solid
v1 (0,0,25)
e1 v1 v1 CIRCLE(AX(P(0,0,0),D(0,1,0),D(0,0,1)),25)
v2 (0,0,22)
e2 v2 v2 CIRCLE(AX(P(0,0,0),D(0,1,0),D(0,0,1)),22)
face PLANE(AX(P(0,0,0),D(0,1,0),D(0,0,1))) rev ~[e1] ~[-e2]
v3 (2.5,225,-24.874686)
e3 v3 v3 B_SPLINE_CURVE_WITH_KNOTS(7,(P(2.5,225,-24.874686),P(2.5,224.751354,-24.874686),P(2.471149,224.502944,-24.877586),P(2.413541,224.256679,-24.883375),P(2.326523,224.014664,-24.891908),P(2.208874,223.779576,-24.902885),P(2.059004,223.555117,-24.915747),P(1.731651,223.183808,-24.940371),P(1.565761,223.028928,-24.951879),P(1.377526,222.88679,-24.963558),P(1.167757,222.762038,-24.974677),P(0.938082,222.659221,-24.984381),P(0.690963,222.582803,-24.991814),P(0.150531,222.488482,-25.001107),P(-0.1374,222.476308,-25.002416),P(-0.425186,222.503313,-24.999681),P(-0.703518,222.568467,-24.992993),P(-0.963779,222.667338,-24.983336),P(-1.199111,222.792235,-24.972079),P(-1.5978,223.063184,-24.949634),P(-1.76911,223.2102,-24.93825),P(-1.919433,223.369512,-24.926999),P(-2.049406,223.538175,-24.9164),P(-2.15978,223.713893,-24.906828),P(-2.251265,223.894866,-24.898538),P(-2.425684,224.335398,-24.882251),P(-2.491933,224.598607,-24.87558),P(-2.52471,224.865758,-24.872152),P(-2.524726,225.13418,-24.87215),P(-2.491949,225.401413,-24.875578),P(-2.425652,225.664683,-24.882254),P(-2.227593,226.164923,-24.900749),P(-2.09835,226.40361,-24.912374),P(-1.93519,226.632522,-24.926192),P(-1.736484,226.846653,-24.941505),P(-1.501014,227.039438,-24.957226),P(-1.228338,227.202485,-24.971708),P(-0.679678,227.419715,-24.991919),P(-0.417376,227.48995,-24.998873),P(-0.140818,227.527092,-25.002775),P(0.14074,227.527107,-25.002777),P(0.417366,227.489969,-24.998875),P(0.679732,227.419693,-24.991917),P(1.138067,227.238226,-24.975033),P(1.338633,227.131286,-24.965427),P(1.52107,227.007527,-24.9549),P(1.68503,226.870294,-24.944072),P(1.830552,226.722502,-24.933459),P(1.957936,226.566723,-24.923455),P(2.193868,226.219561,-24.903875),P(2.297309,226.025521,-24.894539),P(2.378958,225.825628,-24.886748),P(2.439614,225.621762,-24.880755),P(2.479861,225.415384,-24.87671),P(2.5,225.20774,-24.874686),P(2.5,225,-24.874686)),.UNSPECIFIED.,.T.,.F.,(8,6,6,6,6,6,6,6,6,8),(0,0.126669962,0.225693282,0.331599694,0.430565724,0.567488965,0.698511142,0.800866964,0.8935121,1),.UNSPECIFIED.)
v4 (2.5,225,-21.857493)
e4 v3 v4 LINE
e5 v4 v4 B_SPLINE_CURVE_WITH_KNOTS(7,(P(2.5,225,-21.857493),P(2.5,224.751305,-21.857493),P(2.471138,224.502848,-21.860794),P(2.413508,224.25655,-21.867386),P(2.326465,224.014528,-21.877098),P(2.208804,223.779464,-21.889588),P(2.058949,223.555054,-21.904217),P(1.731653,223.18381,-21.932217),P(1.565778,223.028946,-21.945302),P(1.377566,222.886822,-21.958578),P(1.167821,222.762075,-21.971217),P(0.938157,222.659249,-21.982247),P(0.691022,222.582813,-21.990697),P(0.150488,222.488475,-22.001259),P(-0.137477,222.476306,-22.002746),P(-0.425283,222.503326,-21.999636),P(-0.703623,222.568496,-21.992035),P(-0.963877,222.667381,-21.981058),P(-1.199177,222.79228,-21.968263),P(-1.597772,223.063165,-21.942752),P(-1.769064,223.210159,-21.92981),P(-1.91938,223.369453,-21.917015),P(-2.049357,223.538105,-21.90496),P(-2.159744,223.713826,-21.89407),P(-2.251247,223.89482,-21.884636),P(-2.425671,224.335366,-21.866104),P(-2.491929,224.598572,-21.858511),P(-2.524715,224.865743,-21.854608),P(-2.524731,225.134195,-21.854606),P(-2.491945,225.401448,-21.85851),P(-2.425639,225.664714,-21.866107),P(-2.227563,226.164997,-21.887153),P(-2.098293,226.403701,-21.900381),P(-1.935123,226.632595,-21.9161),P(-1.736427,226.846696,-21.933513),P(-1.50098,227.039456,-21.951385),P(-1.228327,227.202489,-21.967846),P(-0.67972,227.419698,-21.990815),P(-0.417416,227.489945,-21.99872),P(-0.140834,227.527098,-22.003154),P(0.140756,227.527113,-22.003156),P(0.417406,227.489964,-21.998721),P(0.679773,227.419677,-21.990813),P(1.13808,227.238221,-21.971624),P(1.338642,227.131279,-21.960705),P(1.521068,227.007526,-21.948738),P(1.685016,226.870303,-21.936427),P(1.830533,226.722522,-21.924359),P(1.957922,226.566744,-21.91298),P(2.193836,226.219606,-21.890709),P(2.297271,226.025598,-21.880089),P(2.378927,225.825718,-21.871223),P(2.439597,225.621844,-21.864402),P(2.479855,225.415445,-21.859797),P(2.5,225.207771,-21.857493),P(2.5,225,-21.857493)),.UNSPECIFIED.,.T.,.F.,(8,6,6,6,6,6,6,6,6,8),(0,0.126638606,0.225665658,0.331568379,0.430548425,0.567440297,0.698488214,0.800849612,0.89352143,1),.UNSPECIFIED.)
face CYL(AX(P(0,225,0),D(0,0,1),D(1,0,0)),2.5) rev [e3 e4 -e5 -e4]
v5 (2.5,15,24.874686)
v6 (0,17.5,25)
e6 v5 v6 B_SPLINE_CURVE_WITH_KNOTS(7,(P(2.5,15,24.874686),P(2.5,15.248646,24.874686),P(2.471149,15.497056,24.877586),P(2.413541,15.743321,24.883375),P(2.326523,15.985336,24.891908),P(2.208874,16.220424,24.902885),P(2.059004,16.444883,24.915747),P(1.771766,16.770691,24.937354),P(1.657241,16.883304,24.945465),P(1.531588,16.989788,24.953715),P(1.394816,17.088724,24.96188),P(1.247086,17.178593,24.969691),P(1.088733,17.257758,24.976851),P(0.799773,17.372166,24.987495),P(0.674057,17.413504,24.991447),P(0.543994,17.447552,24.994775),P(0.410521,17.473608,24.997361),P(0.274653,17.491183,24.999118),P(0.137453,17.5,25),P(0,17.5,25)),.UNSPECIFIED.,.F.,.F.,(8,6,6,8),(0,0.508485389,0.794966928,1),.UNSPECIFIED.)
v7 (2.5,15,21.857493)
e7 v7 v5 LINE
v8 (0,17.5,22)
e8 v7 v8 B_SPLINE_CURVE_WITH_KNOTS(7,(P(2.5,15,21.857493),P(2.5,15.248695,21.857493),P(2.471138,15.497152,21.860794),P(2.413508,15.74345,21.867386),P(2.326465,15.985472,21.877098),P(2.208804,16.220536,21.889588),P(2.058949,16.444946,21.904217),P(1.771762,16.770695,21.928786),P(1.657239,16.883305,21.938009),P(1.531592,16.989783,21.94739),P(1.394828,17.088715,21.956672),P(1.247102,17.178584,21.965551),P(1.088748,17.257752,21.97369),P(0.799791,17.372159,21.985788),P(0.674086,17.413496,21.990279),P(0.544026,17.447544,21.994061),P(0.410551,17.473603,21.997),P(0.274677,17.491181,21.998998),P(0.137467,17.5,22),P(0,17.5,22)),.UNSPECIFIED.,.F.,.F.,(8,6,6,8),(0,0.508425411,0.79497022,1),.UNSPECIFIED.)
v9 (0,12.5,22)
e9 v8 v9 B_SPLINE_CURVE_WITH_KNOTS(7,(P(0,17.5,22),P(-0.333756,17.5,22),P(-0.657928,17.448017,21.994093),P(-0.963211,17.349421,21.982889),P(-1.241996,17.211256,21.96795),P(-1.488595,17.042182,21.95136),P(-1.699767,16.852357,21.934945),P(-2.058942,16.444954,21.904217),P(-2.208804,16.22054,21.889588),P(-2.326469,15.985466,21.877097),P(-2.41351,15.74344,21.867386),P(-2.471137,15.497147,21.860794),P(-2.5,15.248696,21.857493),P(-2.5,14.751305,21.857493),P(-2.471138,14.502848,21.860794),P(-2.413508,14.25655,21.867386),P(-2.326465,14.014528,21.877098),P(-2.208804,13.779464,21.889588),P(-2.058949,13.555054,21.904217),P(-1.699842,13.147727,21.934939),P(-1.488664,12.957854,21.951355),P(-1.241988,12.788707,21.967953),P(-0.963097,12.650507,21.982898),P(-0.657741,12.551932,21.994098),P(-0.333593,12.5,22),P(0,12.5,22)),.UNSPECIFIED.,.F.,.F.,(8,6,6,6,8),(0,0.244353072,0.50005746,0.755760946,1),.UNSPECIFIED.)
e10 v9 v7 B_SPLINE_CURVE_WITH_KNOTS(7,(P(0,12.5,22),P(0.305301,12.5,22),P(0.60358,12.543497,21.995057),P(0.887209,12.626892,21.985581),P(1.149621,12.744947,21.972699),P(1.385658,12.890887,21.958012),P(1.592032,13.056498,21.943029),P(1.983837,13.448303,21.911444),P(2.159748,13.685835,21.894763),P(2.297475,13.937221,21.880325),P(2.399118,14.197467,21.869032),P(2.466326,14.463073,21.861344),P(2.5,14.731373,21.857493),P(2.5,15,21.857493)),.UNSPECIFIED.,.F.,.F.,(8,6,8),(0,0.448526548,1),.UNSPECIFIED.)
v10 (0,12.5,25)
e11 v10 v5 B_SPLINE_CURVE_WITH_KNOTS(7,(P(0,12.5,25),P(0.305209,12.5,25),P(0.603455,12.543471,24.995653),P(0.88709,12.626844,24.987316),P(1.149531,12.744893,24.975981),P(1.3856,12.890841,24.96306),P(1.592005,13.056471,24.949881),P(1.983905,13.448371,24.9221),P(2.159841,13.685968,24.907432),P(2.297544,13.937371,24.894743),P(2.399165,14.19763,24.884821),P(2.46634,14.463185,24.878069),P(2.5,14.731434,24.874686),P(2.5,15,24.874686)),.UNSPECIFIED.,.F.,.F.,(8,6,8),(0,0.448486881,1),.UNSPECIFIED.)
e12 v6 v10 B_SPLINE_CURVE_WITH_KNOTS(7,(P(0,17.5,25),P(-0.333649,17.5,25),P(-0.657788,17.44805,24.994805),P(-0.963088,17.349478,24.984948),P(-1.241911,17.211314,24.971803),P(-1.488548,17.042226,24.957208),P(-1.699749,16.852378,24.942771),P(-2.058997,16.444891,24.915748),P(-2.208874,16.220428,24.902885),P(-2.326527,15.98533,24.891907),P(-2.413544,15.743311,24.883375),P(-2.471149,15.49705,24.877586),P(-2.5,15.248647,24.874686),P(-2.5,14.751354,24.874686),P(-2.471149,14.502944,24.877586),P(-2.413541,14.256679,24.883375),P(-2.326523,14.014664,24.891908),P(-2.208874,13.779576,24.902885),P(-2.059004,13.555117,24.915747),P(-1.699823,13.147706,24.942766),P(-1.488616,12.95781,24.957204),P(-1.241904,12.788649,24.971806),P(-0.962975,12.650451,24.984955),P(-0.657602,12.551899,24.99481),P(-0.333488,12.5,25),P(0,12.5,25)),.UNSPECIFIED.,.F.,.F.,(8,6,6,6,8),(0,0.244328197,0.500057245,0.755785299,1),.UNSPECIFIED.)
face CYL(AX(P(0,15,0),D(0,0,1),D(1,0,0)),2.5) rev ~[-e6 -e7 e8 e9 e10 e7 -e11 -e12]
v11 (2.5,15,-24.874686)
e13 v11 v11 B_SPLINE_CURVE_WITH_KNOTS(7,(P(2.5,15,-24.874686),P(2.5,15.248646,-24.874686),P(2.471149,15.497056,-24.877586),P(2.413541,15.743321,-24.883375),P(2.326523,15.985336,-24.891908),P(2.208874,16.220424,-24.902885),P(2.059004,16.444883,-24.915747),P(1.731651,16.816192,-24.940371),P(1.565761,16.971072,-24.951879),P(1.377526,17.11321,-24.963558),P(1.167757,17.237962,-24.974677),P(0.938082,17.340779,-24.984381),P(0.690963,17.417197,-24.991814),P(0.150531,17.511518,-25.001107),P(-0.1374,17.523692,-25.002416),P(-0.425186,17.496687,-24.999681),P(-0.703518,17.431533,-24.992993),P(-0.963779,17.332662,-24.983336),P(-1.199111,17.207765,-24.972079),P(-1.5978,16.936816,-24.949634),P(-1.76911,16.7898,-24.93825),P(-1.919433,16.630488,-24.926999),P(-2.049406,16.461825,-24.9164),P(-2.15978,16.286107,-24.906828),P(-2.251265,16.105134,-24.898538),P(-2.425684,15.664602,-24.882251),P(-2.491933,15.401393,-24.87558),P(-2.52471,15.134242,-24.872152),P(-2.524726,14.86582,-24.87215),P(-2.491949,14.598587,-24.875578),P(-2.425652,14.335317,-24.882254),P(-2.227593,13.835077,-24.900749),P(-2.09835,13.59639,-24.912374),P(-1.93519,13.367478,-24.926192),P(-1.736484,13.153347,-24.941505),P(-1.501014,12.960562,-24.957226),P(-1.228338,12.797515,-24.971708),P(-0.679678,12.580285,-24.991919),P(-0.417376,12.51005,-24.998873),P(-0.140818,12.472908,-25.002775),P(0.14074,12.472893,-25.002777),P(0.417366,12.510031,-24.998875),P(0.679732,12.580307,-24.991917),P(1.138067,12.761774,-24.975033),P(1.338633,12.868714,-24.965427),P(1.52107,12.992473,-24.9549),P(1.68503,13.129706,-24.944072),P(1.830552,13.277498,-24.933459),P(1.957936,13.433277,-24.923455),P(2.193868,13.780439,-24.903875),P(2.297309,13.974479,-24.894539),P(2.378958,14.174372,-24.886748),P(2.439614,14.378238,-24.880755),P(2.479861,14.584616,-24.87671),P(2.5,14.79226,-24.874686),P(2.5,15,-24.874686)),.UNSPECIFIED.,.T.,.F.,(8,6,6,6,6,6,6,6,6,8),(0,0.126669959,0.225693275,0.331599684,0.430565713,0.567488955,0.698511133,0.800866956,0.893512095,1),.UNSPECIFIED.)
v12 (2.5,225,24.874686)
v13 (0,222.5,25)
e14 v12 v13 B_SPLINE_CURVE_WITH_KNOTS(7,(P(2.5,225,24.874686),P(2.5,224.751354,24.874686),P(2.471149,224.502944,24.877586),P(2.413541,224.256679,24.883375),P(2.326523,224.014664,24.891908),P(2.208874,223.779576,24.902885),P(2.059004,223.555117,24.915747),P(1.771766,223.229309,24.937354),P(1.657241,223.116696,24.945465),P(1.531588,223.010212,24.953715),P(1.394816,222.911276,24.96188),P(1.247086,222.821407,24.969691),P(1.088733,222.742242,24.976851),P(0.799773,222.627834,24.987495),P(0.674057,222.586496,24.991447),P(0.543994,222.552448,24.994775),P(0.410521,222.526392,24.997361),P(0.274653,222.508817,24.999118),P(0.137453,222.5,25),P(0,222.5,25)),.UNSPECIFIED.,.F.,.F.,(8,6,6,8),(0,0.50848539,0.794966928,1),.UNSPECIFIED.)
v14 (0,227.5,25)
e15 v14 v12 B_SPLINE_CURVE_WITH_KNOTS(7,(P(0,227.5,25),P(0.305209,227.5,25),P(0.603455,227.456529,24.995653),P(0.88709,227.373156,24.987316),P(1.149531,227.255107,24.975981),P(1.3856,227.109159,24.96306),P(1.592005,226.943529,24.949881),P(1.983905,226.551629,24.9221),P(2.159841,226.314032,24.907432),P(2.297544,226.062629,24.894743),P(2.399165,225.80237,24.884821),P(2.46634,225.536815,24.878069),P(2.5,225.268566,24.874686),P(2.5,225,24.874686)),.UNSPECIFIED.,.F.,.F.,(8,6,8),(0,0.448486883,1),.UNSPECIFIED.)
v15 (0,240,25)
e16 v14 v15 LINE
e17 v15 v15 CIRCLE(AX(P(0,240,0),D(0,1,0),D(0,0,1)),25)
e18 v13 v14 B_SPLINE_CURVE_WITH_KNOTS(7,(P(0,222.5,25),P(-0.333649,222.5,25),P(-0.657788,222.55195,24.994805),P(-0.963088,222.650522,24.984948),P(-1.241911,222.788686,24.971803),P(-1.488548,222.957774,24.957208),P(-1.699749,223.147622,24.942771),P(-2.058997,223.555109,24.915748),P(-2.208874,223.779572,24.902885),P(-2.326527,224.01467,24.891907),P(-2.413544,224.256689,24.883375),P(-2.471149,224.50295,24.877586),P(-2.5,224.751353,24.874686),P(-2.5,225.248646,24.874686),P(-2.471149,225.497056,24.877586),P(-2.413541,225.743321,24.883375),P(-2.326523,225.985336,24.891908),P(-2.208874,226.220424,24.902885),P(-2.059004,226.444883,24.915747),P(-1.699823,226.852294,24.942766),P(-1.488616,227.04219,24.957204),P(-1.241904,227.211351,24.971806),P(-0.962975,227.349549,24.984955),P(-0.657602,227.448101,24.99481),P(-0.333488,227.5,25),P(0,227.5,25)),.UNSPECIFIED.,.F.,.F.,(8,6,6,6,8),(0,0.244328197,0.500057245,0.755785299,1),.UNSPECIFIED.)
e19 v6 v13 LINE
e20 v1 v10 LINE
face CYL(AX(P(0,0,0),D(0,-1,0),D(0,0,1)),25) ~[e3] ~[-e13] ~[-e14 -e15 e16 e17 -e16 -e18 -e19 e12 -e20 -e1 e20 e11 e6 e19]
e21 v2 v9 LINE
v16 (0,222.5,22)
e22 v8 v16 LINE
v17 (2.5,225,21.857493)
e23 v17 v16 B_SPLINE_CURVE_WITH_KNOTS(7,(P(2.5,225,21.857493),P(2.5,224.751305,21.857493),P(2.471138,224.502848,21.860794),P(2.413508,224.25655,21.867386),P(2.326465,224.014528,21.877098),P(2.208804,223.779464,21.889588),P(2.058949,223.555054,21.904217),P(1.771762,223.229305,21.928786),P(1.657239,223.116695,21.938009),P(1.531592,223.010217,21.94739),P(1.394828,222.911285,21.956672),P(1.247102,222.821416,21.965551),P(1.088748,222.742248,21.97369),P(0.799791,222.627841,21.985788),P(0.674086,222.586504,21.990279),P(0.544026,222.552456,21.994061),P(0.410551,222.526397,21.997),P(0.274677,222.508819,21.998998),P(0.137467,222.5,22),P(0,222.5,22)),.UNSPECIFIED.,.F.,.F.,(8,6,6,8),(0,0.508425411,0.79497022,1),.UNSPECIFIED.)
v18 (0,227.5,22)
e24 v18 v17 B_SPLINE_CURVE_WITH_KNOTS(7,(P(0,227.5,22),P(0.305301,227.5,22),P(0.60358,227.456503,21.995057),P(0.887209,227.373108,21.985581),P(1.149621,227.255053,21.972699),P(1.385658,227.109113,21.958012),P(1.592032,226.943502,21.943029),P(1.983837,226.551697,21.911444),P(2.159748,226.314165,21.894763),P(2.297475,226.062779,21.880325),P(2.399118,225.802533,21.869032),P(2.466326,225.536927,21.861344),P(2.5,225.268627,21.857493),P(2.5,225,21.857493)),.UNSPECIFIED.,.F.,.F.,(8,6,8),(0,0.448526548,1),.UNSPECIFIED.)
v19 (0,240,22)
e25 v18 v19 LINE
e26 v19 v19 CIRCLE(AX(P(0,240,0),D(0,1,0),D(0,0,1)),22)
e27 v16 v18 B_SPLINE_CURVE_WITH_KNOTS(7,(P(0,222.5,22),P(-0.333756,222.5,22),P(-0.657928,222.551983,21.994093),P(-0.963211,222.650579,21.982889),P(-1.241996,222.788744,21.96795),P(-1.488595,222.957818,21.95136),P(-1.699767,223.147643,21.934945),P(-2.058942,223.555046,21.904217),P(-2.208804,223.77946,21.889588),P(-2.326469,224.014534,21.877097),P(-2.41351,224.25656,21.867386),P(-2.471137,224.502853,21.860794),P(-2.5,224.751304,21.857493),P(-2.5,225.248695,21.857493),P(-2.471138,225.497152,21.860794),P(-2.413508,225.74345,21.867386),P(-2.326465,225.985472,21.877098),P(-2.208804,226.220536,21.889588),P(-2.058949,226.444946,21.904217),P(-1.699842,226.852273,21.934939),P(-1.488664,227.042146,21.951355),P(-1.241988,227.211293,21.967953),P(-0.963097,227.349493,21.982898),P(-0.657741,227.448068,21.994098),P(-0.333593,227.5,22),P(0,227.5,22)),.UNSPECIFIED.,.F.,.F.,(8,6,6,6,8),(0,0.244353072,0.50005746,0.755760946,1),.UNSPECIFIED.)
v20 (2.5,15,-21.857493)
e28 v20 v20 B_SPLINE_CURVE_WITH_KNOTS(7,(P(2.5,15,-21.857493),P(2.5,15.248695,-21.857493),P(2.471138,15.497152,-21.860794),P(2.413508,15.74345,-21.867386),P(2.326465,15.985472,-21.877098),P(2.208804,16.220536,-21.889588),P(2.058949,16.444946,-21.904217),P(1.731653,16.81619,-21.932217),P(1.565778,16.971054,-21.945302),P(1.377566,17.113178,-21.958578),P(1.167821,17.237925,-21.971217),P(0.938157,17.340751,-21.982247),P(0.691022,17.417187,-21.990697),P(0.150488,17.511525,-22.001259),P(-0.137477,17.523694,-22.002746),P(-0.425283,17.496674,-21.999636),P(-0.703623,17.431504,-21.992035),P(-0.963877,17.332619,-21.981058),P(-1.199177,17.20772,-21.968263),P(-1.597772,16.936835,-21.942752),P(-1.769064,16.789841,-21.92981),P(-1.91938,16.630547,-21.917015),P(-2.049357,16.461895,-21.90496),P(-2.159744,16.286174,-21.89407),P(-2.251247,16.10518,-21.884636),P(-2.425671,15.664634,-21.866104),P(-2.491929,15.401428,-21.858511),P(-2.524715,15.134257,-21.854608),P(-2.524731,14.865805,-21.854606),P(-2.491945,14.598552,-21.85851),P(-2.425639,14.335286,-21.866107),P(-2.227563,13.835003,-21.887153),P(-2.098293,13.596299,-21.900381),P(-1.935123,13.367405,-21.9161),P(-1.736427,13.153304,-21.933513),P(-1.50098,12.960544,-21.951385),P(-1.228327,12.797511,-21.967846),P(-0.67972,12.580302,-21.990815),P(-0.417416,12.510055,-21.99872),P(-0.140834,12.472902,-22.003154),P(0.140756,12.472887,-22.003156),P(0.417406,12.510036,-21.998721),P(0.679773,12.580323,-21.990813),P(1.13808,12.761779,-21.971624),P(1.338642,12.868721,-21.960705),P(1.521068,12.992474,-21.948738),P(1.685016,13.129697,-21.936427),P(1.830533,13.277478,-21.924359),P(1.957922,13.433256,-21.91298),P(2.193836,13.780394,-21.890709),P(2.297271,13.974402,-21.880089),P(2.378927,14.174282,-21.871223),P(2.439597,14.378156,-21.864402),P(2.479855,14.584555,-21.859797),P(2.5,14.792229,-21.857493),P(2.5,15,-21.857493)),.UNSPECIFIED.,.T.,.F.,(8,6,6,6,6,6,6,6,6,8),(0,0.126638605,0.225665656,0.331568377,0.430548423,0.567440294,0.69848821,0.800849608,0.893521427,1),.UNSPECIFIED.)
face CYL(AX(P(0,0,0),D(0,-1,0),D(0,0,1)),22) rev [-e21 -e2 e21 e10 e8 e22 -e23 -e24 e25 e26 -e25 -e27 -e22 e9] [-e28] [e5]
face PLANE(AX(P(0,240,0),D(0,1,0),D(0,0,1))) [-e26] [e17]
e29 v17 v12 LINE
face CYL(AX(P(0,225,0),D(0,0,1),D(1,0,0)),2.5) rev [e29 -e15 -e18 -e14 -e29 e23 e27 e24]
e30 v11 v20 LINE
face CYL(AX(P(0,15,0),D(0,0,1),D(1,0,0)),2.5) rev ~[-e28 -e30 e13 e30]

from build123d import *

# Parameters (mm, degrees)
ESBO_O1_R                = 25
ESBO_O1_R_2              = 22
RESSALTO_EXTRUS_O1_DEPTH = 240
ESBO_O2_R                = 2.5
CORTE_EXTRUS_O1_DEPTH    = 243.590189414


with BuildPart() as part:
    # Esboço1 → Ressalto-extrusão1 (new body)
    with BuildSketch(Plane(origin=(0, 0, 0), x_dir=(1, 0, 0), z_dir=(0, 1, 0))):
        with Locations(Location((0, 0, 0), (0, 0, 270))):
            Circle(ESBO_O1_R)
        with Locations(Location((0, 0, 0), (0, 0, 270))):
            Circle(ESBO_O1_R_2, mode=Mode.SUBTRACT)
    extrude(amount=RESSALTO_EXTRUS_O1_DEPTH)

    # Esboço2 → Corte-extrusão1 (cut, symmetric)
    with BuildSketch(Plane.XY):
        with Locations((0, 15)):
            Circle(ESBO_O2_R)
    corte_extrus_o1 = extrude(amount=CORTE_EXTRUS_O1_DEPTH, both=True, mode=Mode.SUBTRACT)

    # Espelhar1: Corte-extrusão1 across plane
    add(corte_extrus_o1.mirror(Plane(origin=(0, 120, 0), x_dir=(0, 0, 1), z_dir=(0, -1, 0))), mode=Mode.SUBTRACT)


solid = part.part
